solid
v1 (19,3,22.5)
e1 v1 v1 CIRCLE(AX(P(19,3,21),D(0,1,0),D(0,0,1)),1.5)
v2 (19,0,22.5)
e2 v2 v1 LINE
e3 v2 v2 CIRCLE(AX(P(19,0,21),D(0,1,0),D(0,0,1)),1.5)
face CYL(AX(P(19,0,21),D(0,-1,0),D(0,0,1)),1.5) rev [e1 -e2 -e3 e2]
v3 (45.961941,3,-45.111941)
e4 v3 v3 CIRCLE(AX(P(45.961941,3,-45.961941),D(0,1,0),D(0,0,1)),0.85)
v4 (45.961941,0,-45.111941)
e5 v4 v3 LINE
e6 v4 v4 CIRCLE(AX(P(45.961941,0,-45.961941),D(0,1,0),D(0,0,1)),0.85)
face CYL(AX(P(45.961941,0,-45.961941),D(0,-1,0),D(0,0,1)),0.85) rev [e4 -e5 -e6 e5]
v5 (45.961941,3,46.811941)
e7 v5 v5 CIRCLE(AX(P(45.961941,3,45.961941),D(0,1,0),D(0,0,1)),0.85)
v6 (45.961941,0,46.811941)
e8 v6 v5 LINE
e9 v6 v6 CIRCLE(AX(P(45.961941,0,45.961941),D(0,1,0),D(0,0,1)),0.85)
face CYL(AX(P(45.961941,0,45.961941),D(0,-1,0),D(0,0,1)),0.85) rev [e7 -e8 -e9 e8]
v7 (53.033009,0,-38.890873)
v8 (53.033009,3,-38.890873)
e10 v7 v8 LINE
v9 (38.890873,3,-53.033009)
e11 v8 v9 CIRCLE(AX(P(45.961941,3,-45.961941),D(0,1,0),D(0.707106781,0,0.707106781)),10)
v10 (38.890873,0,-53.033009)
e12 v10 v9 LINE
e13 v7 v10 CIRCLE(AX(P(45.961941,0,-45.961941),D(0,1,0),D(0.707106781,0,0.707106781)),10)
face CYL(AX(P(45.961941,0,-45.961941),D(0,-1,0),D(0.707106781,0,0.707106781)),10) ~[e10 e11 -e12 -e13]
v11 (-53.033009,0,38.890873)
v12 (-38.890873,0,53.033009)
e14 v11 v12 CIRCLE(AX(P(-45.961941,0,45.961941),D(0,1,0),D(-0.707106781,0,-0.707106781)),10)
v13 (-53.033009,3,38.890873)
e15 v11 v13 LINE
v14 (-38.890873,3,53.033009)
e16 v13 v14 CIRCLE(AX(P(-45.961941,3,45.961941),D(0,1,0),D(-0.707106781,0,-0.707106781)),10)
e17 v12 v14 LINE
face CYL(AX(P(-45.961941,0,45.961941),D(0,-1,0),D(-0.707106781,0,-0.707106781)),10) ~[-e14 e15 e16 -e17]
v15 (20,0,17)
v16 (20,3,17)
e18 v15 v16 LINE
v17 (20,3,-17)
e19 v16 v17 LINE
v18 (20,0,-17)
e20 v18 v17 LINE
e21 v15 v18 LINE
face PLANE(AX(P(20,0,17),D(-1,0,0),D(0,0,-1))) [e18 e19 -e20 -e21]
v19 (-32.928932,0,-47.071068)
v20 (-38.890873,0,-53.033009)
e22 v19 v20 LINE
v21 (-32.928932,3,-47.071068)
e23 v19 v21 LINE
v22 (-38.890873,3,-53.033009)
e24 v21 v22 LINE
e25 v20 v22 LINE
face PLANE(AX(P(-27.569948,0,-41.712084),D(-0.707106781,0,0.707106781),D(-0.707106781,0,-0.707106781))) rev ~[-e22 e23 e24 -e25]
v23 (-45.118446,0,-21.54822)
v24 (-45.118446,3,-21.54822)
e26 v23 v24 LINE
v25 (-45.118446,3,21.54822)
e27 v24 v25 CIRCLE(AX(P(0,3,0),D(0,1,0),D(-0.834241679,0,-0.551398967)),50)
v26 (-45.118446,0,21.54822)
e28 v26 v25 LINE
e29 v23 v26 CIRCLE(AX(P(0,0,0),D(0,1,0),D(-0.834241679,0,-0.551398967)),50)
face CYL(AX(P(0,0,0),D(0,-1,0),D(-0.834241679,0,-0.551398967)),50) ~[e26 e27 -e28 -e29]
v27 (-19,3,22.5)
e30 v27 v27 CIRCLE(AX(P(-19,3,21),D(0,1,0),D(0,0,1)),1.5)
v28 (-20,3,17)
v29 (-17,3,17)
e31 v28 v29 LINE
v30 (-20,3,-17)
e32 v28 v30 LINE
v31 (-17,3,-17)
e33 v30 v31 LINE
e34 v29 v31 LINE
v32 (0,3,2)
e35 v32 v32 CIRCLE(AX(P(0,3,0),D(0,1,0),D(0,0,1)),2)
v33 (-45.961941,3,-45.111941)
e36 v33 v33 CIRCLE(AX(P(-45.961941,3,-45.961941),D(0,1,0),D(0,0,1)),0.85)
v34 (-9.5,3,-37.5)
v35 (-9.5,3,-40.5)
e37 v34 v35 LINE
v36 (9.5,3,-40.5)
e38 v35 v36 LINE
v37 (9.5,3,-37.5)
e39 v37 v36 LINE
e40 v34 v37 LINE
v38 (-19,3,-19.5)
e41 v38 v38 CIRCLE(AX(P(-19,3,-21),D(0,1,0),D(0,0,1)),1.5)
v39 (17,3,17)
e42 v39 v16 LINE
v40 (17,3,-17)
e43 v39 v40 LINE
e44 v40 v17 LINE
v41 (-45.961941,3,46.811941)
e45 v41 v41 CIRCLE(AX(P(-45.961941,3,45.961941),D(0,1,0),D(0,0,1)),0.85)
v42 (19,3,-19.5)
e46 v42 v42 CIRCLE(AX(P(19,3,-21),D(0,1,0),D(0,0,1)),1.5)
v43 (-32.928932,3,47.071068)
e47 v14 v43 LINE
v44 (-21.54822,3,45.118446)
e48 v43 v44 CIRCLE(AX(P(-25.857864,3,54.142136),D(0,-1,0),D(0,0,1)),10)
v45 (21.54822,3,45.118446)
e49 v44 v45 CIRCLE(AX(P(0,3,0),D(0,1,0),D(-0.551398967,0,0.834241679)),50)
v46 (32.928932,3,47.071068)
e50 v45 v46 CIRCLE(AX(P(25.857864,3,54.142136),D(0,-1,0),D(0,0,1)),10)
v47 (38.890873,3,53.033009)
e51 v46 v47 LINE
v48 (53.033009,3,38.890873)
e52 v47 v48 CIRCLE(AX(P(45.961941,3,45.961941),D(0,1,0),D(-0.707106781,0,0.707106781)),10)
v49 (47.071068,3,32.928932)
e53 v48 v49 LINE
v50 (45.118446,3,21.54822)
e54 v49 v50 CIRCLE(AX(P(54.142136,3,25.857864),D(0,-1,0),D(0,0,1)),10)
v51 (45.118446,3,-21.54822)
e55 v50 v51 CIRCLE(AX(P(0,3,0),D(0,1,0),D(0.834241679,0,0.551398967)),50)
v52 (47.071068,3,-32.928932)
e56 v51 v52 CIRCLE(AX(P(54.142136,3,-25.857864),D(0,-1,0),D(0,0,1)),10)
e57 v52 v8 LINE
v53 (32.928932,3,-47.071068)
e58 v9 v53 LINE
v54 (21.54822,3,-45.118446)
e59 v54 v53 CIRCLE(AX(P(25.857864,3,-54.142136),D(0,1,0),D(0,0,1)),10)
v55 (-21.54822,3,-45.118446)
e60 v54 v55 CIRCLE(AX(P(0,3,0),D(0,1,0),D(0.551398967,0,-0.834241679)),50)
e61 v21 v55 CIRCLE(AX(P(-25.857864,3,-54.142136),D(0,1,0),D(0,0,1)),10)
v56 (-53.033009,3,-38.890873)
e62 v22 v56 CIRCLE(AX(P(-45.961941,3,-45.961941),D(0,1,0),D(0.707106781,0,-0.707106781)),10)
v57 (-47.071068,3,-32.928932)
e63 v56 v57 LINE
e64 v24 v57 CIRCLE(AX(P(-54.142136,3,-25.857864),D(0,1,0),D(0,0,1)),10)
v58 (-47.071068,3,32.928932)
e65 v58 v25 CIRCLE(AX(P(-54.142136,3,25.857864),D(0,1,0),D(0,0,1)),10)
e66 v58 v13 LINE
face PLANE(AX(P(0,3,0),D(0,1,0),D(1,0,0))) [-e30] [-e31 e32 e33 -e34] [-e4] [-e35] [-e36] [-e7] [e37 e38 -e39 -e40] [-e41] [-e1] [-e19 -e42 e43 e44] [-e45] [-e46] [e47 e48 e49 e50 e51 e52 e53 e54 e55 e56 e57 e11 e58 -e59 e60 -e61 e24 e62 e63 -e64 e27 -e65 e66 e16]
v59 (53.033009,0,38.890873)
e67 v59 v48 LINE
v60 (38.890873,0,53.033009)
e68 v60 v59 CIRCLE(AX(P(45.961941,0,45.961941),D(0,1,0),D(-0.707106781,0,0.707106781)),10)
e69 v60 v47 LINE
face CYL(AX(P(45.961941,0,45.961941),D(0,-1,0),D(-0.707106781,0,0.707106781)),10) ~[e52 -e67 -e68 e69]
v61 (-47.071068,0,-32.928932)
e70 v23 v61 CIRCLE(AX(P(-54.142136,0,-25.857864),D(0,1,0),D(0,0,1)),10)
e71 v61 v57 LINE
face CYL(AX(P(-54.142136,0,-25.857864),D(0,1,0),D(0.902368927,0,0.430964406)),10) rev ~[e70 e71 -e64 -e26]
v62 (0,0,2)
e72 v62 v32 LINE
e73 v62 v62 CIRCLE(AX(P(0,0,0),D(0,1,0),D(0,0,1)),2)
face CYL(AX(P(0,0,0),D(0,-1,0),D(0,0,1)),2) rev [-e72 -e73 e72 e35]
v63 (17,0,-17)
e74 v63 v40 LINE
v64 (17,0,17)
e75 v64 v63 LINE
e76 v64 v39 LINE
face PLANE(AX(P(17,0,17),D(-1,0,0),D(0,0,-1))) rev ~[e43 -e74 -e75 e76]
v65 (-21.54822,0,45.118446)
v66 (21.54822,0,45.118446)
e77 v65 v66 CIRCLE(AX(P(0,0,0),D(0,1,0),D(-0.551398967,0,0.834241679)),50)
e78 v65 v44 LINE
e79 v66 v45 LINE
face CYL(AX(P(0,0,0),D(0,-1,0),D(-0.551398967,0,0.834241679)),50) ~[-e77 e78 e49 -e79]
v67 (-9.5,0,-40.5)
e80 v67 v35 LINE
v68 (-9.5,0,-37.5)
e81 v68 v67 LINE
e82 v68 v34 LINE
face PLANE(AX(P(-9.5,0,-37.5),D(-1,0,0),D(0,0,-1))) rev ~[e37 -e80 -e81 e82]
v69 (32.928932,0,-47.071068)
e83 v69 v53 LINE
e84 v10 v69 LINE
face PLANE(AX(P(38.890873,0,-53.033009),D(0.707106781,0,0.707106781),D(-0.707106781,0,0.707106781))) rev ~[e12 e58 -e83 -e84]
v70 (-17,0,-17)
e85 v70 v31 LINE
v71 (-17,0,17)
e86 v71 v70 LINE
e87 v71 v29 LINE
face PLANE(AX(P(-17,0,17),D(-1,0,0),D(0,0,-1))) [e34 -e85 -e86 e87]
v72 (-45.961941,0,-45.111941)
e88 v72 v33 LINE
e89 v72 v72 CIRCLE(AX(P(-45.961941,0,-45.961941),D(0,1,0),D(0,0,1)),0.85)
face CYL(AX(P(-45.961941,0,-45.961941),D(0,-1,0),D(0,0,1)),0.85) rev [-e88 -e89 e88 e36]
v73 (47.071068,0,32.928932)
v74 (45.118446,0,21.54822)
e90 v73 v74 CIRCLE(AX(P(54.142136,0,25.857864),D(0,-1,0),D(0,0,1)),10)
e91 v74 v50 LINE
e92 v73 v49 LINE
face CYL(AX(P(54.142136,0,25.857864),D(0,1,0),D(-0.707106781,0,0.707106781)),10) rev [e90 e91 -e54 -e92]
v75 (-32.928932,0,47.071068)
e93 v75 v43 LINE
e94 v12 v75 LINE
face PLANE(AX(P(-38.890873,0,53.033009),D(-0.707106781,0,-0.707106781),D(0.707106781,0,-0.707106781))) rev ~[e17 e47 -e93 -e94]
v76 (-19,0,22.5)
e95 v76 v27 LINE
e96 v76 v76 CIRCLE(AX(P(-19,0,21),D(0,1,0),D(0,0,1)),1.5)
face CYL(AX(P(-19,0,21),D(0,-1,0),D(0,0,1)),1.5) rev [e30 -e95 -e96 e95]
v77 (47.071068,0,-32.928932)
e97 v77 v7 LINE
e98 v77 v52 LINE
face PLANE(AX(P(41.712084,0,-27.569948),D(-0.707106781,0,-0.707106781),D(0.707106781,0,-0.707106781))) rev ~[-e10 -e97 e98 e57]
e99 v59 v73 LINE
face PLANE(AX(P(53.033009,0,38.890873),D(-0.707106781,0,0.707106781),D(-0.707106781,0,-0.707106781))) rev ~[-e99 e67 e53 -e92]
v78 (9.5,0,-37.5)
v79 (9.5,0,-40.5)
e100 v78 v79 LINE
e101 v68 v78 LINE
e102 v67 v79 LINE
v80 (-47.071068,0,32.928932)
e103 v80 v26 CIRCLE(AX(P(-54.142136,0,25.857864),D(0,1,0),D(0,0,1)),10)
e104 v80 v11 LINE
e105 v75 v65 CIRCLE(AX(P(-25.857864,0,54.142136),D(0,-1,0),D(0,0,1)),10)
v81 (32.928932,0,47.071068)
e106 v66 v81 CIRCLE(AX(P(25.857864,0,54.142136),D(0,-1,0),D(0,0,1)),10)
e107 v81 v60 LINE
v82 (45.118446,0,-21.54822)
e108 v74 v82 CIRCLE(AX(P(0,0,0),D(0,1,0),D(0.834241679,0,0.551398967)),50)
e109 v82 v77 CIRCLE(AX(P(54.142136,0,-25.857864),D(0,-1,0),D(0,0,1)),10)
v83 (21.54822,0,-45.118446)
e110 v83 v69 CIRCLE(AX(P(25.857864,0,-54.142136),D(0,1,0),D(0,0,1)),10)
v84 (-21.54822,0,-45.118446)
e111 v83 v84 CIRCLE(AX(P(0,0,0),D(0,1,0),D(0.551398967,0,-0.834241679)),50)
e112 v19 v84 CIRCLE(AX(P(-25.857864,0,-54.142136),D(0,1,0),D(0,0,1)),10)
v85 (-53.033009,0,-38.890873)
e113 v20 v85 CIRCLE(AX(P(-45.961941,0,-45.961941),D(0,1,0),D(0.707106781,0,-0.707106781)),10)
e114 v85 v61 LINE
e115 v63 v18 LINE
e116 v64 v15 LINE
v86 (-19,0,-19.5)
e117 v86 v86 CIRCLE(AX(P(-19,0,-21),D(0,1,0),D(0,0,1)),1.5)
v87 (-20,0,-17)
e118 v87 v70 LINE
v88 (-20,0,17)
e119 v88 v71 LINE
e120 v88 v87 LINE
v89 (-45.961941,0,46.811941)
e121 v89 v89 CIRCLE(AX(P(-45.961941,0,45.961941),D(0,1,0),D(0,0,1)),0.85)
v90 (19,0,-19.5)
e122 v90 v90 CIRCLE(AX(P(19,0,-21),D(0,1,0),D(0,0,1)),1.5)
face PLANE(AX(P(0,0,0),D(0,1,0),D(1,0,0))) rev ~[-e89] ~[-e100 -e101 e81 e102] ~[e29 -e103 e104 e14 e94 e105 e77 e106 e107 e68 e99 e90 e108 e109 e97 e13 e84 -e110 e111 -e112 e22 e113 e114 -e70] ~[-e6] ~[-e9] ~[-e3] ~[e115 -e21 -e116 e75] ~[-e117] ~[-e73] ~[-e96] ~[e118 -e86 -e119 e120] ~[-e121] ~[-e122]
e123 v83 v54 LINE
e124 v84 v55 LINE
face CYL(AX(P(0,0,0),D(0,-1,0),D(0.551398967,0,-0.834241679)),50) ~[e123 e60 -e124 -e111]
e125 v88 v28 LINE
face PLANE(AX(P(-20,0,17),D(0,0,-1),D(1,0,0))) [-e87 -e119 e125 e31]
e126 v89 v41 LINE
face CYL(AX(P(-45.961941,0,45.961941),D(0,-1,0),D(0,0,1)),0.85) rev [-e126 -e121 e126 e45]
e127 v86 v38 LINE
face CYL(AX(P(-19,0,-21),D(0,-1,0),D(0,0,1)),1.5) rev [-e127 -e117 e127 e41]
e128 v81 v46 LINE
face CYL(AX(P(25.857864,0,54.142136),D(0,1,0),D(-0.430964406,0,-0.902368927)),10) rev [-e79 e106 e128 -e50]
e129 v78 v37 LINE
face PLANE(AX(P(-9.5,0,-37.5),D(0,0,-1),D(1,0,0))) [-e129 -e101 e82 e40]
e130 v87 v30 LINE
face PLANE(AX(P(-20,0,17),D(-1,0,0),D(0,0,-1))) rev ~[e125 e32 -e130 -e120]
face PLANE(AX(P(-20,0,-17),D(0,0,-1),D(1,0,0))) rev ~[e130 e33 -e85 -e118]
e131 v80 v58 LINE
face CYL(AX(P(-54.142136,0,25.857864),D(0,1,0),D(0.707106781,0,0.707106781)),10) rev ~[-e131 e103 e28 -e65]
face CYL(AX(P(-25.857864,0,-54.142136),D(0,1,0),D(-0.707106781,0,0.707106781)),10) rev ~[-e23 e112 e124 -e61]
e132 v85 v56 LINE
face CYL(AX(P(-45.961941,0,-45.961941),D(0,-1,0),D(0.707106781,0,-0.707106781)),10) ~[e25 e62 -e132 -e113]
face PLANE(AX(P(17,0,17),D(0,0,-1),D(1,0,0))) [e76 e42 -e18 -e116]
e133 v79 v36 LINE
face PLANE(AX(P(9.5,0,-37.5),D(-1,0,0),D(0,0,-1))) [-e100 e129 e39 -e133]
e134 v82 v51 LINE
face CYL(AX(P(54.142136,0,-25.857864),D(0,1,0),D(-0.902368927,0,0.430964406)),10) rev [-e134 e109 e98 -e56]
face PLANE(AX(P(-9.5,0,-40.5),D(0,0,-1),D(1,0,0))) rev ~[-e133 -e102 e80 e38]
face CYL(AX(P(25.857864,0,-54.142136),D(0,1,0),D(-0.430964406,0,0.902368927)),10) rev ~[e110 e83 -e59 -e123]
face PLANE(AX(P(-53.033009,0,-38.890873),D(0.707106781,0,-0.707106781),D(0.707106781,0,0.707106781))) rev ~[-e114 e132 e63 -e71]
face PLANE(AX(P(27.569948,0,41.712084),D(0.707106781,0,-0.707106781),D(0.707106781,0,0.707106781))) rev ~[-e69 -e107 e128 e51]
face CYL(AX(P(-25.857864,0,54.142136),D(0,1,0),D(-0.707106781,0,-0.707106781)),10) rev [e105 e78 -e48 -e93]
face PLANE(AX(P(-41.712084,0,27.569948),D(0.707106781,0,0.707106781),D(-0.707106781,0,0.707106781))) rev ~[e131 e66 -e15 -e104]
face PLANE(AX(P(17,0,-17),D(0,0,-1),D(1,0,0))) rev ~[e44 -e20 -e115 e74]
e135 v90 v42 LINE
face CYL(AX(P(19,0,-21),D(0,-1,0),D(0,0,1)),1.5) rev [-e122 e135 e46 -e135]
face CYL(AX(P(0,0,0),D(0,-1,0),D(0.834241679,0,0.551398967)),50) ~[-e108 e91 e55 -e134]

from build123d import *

# Parameters (mm, degrees)
ESQUISSE1_R        = 0.85
ESQUISSE1_R_2      = 1.5
ESQUISSE1_R_3      = 2
ESQUISSE1_W        = 3
ESQUISSE1_H        = 34
ESQUISSE1_W_2      = 19
ESQUISSE1_H_2      = 3
BOSS_EXTRU_1_DEPTH = 3
CONG_1_R           = 10


with BuildPart() as part:
    # Esquisse1 → Boss.-Extru.1 (new body)
    with BuildSketch(Plane(origin=(0, 0, 0), x_dir=(1, 0, 0), z_dir=(0, 1, 0))):
        with BuildLine():
            Line((-38.890872965, -53.033008589), (-27.56994834, -41.712083963))
            ThreePointArc((-27.56994834, -41.712083963), (0, -50), (27.56994834, -41.712083963))
            Line((27.56994834, -41.712083963), (38.890872965, -53.033008589))
            ThreePointArc((38.890872965, -53.033008589), (53.033008589, -53.033008589), (53.033008589, -38.890872965))
            Line((53.033008589, -38.890872965), (41.712083963, -27.56994834))
            ThreePointArc((41.712083963, -27.56994834), (50, 0), (41.712083963, 27.56994834))
            Line((41.712083963, 27.56994834), (53.033008589, 38.890872965))
            ThreePointArc((53.033008589, 38.890872965), (53.033008589, 53.033008589), (38.890872965, 53.033008589))
            Line((38.890872965, 53.033008589), (27.56994834, 41.712083963))
            ThreePointArc((27.56994834, 41.712083963), (0, 50), (-27.56994834, 41.712083963))
            Line((-27.56994834, 41.712083963), (-38.890872965, 53.033008589))
            ThreePointArc((-38.890872965, 53.033008589), (-53.033008589, 53.033008589), (-53.033008589, 38.890872965))
            Line((-53.033008589, 38.890872965), (-41.712083963, 27.56994834))
            ThreePointArc((-41.712083963, 27.56994834), (-50, 0), (-41.712083963, -27.56994834))
            Line((-41.712083963, -27.56994834), (-53.033008589, -38.890872965))
            ThreePointArc((-53.033008589, -38.890872965), (-53.033008589, -53.033008589), (-38.890872965, -53.033008589))
        make_face()
        with Locations(Location((-45.961940777, -45.961940777, 0), (0, 0, 270))):
            Circle(ESQUISSE1_R, mode=Mode.SUBTRACT)
        with Locations(Location((-45.961940777, 45.961940777, 0), (0, 0, 270))):
            Circle(ESQUISSE1_R, mode=Mode.SUBTRACT)
        with Locations(Location((45.961940777, 45.961940777, 0), (0, 0, 270))):
            Circle(ESQUISSE1_R, mode=Mode.SUBTRACT)
        with Locations(Location((45.961940777, -45.961940777, 0), (0, 0, 270))):
            Circle(ESQUISSE1_R, mode=Mode.SUBTRACT)
        with Locations(Location((-19, 21, 0), (0, 0, 270))):
            Circle(ESQUISSE1_R_2, mode=Mode.SUBTRACT)
        with Locations(Location((19, 21, 0), (0, 0, 270))):
            Circle(ESQUISSE1_R_2, mode=Mode.SUBTRACT)
        with Locations(Location((19, -21, 0), (0, 0, 270))):
            Circle(ESQUISSE1_R_2, mode=Mode.SUBTRACT)
        with Locations(Location((-19, -21, 0), (0, 0, 270))):
            Circle(ESQUISSE1_R_2, mode=Mode.SUBTRACT)
        with Locations(Location((0, 0, 0), (0, 0, 270))):
            Circle(ESQUISSE1_R_3, mode=Mode.SUBTRACT)
        with Locations((-18.5, 0)):
            Rectangle(ESQUISSE1_W, ESQUISSE1_H, mode=Mode.SUBTRACT)
        with Locations((18.5, 0)):
            Rectangle(ESQUISSE1_W, ESQUISSE1_H, mode=Mode.SUBTRACT)
        with Locations((0, 39)):
            Rectangle(ESQUISSE1_W_2, ESQUISSE1_H_2, mode=Mode.SUBTRACT)
    extrude(amount=BOSS_EXTRU_1_DEPTH)

    # Congé1
    cong_1_edges = [part.edges().sort_by_distance(p)[0] for p in [
        (-27.56994834, 1.5, 41.712083963),
        (-41.712083963, 1.5, 27.56994834),
        (-41.712083963, 1.5, -27.56994834),
        (-27.56994834, 1.5, -41.712083963),
        (27.56994834, 1.5, -41.712083963),
        (41.712083963, 1.5, -27.56994834),
        (41.712083963, 1.5, 27.56994834),
        (27.56994834, 1.5, 41.712083963),
    ]]
    fillet(cong_1_edges, radius=CONG_1_R)


solid = part.part
